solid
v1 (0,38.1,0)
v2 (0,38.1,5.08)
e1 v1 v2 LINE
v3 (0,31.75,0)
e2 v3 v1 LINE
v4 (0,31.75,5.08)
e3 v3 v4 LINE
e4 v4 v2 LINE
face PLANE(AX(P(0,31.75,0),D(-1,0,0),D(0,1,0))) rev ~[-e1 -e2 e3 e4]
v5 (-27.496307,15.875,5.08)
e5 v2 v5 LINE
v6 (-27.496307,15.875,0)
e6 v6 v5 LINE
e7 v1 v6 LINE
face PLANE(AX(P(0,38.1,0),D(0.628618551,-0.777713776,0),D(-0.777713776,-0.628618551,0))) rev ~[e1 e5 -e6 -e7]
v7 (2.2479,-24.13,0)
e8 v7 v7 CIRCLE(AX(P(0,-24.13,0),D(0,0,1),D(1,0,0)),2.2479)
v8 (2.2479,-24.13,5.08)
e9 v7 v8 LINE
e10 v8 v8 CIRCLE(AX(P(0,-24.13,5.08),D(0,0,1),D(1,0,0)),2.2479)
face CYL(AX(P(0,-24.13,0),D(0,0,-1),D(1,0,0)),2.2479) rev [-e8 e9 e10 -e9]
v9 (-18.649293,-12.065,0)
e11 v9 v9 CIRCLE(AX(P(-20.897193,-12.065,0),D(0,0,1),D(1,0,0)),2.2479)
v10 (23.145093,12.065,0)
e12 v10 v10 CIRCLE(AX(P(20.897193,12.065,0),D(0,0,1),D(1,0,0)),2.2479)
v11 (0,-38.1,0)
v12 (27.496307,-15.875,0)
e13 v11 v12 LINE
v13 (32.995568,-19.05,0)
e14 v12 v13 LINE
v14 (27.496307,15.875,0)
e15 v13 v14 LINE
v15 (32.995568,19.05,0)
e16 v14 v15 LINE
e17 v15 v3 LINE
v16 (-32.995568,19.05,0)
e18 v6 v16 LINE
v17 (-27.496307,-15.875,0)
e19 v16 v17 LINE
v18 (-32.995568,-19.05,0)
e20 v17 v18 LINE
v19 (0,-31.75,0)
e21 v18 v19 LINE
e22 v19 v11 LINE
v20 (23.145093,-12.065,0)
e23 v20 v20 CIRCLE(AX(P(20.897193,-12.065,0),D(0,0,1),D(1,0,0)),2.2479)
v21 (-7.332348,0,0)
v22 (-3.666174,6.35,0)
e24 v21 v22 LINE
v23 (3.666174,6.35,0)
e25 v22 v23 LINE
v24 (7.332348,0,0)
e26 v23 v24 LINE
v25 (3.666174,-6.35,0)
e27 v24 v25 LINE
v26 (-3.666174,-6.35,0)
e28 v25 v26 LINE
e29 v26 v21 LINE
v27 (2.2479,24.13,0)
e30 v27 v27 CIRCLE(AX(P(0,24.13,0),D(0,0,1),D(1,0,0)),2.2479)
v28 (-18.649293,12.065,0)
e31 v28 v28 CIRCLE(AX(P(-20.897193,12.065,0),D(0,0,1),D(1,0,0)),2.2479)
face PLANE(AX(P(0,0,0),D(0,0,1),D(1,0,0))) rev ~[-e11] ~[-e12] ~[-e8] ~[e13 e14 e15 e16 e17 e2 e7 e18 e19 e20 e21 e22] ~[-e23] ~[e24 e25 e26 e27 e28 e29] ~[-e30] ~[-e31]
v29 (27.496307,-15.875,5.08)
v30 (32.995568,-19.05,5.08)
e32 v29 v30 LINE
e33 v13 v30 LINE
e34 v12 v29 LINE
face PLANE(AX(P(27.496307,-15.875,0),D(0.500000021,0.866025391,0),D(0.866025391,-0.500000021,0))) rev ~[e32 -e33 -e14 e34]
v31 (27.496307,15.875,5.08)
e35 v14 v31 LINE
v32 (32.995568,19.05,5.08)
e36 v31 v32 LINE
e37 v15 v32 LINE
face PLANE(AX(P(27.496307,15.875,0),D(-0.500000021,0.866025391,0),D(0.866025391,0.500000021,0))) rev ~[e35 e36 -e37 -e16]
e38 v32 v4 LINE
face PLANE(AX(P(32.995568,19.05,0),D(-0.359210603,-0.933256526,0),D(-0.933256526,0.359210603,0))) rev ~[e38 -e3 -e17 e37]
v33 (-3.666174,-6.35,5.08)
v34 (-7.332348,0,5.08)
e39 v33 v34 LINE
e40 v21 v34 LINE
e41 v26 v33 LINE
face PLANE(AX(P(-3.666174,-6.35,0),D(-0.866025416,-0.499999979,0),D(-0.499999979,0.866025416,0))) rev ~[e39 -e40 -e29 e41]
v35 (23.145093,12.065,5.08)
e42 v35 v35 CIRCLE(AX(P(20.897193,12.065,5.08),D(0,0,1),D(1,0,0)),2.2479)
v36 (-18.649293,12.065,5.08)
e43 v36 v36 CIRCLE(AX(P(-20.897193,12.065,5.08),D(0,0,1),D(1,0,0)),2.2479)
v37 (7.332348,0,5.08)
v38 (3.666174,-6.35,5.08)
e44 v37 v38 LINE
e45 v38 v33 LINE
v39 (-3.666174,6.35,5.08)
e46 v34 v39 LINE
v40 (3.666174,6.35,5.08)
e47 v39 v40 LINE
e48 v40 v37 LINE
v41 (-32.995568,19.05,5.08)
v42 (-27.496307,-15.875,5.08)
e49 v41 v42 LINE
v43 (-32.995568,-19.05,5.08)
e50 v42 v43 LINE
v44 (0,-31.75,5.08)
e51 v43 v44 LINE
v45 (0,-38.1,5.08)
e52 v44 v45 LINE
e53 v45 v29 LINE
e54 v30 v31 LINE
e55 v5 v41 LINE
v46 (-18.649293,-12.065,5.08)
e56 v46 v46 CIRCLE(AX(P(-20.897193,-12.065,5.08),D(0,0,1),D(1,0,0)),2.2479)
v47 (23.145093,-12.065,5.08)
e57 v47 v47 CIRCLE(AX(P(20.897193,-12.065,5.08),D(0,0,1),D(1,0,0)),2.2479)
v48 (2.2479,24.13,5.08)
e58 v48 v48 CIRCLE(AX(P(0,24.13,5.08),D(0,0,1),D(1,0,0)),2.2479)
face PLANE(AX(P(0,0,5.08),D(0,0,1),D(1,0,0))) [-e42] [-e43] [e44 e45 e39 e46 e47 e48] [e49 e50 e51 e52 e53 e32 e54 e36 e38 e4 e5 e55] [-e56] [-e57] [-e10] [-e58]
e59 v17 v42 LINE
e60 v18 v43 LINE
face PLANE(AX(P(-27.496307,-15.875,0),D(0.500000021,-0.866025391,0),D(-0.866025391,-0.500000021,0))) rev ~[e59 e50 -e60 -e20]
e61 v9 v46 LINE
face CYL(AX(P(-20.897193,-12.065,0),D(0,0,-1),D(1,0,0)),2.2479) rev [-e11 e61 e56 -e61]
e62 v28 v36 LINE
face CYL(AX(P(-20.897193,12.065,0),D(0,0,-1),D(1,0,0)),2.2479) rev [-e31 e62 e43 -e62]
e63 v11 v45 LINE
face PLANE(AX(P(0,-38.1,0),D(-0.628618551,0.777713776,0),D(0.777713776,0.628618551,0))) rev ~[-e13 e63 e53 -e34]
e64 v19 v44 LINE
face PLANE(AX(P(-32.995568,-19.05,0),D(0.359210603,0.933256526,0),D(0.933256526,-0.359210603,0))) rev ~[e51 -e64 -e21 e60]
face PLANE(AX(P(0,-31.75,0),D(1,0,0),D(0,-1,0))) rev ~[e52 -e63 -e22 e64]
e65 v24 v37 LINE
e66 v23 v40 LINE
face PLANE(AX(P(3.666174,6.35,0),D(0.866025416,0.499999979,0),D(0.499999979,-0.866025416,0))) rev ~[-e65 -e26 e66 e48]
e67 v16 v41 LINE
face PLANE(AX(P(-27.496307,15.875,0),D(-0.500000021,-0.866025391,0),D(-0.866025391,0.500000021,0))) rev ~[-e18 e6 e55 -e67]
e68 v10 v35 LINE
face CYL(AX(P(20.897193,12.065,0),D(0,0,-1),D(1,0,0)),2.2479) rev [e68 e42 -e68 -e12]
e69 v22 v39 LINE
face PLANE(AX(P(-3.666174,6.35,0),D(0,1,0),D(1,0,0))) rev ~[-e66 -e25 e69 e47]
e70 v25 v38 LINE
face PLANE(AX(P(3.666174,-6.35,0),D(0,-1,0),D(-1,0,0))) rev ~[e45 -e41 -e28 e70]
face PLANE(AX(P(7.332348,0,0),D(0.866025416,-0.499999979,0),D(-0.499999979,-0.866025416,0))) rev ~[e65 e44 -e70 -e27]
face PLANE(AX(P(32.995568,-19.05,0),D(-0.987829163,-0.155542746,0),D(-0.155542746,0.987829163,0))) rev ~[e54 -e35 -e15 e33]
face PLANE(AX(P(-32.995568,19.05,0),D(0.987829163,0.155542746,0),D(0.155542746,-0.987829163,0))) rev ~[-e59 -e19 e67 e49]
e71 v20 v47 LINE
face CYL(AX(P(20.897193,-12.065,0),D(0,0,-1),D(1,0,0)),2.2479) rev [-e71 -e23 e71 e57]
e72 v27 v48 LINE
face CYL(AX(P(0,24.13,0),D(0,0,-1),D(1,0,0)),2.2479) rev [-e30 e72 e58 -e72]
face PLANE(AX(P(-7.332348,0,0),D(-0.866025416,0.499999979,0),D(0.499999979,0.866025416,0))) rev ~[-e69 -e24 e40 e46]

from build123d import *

# Parameters (mm, degrees)
F0_R     = 2.2479
F1_DEPTH = 5.08


with BuildPart() as f1:
    # F0 (on Top) → F1 (new body)
    with BuildSketch(Plane.XY):
        Polygon((0, 31.75), (0, 38.1), (-27.496307, 15.875), (-32.995568, 19.05), (-27.496307, -15.875), (-32.995568, -19.05), (0, -31.75), (0, -38.1), (27.496307, -15.875), (32.995568, -19.05), (27.496307, 15.875), (32.995568, 19.05), align=None)
        with Locations((-20.897193, -12.065)):
            Circle(F0_R, mode=Mode.SUBTRACT)
        with Locations((0, -24.13)):
            Circle(F0_R, mode=Mode.SUBTRACT)
        with Locations((20.897193, -12.065)):
            Circle(F0_R, mode=Mode.SUBTRACT)
        with Locations((-20.897193, 12.065)):
            Circle(F0_R, mode=Mode.SUBTRACT)
        Polygon((-7.332348, 0), (-3.666174, 6.35), (3.666174, 6.35), (7.332348, 0), (3.666174, -6.35), (-3.666174, -6.35), align=None, mode=Mode.SUBTRACT)
        with Locations((20.897193, 12.065)):
            Circle(F0_R, mode=Mode.SUBTRACT)
        with Locations((0, 24.13)):
            Circle(F0_R, mode=Mode.SUBTRACT)
    extrude(amount=F1_DEPTH)


solid = f1.part
